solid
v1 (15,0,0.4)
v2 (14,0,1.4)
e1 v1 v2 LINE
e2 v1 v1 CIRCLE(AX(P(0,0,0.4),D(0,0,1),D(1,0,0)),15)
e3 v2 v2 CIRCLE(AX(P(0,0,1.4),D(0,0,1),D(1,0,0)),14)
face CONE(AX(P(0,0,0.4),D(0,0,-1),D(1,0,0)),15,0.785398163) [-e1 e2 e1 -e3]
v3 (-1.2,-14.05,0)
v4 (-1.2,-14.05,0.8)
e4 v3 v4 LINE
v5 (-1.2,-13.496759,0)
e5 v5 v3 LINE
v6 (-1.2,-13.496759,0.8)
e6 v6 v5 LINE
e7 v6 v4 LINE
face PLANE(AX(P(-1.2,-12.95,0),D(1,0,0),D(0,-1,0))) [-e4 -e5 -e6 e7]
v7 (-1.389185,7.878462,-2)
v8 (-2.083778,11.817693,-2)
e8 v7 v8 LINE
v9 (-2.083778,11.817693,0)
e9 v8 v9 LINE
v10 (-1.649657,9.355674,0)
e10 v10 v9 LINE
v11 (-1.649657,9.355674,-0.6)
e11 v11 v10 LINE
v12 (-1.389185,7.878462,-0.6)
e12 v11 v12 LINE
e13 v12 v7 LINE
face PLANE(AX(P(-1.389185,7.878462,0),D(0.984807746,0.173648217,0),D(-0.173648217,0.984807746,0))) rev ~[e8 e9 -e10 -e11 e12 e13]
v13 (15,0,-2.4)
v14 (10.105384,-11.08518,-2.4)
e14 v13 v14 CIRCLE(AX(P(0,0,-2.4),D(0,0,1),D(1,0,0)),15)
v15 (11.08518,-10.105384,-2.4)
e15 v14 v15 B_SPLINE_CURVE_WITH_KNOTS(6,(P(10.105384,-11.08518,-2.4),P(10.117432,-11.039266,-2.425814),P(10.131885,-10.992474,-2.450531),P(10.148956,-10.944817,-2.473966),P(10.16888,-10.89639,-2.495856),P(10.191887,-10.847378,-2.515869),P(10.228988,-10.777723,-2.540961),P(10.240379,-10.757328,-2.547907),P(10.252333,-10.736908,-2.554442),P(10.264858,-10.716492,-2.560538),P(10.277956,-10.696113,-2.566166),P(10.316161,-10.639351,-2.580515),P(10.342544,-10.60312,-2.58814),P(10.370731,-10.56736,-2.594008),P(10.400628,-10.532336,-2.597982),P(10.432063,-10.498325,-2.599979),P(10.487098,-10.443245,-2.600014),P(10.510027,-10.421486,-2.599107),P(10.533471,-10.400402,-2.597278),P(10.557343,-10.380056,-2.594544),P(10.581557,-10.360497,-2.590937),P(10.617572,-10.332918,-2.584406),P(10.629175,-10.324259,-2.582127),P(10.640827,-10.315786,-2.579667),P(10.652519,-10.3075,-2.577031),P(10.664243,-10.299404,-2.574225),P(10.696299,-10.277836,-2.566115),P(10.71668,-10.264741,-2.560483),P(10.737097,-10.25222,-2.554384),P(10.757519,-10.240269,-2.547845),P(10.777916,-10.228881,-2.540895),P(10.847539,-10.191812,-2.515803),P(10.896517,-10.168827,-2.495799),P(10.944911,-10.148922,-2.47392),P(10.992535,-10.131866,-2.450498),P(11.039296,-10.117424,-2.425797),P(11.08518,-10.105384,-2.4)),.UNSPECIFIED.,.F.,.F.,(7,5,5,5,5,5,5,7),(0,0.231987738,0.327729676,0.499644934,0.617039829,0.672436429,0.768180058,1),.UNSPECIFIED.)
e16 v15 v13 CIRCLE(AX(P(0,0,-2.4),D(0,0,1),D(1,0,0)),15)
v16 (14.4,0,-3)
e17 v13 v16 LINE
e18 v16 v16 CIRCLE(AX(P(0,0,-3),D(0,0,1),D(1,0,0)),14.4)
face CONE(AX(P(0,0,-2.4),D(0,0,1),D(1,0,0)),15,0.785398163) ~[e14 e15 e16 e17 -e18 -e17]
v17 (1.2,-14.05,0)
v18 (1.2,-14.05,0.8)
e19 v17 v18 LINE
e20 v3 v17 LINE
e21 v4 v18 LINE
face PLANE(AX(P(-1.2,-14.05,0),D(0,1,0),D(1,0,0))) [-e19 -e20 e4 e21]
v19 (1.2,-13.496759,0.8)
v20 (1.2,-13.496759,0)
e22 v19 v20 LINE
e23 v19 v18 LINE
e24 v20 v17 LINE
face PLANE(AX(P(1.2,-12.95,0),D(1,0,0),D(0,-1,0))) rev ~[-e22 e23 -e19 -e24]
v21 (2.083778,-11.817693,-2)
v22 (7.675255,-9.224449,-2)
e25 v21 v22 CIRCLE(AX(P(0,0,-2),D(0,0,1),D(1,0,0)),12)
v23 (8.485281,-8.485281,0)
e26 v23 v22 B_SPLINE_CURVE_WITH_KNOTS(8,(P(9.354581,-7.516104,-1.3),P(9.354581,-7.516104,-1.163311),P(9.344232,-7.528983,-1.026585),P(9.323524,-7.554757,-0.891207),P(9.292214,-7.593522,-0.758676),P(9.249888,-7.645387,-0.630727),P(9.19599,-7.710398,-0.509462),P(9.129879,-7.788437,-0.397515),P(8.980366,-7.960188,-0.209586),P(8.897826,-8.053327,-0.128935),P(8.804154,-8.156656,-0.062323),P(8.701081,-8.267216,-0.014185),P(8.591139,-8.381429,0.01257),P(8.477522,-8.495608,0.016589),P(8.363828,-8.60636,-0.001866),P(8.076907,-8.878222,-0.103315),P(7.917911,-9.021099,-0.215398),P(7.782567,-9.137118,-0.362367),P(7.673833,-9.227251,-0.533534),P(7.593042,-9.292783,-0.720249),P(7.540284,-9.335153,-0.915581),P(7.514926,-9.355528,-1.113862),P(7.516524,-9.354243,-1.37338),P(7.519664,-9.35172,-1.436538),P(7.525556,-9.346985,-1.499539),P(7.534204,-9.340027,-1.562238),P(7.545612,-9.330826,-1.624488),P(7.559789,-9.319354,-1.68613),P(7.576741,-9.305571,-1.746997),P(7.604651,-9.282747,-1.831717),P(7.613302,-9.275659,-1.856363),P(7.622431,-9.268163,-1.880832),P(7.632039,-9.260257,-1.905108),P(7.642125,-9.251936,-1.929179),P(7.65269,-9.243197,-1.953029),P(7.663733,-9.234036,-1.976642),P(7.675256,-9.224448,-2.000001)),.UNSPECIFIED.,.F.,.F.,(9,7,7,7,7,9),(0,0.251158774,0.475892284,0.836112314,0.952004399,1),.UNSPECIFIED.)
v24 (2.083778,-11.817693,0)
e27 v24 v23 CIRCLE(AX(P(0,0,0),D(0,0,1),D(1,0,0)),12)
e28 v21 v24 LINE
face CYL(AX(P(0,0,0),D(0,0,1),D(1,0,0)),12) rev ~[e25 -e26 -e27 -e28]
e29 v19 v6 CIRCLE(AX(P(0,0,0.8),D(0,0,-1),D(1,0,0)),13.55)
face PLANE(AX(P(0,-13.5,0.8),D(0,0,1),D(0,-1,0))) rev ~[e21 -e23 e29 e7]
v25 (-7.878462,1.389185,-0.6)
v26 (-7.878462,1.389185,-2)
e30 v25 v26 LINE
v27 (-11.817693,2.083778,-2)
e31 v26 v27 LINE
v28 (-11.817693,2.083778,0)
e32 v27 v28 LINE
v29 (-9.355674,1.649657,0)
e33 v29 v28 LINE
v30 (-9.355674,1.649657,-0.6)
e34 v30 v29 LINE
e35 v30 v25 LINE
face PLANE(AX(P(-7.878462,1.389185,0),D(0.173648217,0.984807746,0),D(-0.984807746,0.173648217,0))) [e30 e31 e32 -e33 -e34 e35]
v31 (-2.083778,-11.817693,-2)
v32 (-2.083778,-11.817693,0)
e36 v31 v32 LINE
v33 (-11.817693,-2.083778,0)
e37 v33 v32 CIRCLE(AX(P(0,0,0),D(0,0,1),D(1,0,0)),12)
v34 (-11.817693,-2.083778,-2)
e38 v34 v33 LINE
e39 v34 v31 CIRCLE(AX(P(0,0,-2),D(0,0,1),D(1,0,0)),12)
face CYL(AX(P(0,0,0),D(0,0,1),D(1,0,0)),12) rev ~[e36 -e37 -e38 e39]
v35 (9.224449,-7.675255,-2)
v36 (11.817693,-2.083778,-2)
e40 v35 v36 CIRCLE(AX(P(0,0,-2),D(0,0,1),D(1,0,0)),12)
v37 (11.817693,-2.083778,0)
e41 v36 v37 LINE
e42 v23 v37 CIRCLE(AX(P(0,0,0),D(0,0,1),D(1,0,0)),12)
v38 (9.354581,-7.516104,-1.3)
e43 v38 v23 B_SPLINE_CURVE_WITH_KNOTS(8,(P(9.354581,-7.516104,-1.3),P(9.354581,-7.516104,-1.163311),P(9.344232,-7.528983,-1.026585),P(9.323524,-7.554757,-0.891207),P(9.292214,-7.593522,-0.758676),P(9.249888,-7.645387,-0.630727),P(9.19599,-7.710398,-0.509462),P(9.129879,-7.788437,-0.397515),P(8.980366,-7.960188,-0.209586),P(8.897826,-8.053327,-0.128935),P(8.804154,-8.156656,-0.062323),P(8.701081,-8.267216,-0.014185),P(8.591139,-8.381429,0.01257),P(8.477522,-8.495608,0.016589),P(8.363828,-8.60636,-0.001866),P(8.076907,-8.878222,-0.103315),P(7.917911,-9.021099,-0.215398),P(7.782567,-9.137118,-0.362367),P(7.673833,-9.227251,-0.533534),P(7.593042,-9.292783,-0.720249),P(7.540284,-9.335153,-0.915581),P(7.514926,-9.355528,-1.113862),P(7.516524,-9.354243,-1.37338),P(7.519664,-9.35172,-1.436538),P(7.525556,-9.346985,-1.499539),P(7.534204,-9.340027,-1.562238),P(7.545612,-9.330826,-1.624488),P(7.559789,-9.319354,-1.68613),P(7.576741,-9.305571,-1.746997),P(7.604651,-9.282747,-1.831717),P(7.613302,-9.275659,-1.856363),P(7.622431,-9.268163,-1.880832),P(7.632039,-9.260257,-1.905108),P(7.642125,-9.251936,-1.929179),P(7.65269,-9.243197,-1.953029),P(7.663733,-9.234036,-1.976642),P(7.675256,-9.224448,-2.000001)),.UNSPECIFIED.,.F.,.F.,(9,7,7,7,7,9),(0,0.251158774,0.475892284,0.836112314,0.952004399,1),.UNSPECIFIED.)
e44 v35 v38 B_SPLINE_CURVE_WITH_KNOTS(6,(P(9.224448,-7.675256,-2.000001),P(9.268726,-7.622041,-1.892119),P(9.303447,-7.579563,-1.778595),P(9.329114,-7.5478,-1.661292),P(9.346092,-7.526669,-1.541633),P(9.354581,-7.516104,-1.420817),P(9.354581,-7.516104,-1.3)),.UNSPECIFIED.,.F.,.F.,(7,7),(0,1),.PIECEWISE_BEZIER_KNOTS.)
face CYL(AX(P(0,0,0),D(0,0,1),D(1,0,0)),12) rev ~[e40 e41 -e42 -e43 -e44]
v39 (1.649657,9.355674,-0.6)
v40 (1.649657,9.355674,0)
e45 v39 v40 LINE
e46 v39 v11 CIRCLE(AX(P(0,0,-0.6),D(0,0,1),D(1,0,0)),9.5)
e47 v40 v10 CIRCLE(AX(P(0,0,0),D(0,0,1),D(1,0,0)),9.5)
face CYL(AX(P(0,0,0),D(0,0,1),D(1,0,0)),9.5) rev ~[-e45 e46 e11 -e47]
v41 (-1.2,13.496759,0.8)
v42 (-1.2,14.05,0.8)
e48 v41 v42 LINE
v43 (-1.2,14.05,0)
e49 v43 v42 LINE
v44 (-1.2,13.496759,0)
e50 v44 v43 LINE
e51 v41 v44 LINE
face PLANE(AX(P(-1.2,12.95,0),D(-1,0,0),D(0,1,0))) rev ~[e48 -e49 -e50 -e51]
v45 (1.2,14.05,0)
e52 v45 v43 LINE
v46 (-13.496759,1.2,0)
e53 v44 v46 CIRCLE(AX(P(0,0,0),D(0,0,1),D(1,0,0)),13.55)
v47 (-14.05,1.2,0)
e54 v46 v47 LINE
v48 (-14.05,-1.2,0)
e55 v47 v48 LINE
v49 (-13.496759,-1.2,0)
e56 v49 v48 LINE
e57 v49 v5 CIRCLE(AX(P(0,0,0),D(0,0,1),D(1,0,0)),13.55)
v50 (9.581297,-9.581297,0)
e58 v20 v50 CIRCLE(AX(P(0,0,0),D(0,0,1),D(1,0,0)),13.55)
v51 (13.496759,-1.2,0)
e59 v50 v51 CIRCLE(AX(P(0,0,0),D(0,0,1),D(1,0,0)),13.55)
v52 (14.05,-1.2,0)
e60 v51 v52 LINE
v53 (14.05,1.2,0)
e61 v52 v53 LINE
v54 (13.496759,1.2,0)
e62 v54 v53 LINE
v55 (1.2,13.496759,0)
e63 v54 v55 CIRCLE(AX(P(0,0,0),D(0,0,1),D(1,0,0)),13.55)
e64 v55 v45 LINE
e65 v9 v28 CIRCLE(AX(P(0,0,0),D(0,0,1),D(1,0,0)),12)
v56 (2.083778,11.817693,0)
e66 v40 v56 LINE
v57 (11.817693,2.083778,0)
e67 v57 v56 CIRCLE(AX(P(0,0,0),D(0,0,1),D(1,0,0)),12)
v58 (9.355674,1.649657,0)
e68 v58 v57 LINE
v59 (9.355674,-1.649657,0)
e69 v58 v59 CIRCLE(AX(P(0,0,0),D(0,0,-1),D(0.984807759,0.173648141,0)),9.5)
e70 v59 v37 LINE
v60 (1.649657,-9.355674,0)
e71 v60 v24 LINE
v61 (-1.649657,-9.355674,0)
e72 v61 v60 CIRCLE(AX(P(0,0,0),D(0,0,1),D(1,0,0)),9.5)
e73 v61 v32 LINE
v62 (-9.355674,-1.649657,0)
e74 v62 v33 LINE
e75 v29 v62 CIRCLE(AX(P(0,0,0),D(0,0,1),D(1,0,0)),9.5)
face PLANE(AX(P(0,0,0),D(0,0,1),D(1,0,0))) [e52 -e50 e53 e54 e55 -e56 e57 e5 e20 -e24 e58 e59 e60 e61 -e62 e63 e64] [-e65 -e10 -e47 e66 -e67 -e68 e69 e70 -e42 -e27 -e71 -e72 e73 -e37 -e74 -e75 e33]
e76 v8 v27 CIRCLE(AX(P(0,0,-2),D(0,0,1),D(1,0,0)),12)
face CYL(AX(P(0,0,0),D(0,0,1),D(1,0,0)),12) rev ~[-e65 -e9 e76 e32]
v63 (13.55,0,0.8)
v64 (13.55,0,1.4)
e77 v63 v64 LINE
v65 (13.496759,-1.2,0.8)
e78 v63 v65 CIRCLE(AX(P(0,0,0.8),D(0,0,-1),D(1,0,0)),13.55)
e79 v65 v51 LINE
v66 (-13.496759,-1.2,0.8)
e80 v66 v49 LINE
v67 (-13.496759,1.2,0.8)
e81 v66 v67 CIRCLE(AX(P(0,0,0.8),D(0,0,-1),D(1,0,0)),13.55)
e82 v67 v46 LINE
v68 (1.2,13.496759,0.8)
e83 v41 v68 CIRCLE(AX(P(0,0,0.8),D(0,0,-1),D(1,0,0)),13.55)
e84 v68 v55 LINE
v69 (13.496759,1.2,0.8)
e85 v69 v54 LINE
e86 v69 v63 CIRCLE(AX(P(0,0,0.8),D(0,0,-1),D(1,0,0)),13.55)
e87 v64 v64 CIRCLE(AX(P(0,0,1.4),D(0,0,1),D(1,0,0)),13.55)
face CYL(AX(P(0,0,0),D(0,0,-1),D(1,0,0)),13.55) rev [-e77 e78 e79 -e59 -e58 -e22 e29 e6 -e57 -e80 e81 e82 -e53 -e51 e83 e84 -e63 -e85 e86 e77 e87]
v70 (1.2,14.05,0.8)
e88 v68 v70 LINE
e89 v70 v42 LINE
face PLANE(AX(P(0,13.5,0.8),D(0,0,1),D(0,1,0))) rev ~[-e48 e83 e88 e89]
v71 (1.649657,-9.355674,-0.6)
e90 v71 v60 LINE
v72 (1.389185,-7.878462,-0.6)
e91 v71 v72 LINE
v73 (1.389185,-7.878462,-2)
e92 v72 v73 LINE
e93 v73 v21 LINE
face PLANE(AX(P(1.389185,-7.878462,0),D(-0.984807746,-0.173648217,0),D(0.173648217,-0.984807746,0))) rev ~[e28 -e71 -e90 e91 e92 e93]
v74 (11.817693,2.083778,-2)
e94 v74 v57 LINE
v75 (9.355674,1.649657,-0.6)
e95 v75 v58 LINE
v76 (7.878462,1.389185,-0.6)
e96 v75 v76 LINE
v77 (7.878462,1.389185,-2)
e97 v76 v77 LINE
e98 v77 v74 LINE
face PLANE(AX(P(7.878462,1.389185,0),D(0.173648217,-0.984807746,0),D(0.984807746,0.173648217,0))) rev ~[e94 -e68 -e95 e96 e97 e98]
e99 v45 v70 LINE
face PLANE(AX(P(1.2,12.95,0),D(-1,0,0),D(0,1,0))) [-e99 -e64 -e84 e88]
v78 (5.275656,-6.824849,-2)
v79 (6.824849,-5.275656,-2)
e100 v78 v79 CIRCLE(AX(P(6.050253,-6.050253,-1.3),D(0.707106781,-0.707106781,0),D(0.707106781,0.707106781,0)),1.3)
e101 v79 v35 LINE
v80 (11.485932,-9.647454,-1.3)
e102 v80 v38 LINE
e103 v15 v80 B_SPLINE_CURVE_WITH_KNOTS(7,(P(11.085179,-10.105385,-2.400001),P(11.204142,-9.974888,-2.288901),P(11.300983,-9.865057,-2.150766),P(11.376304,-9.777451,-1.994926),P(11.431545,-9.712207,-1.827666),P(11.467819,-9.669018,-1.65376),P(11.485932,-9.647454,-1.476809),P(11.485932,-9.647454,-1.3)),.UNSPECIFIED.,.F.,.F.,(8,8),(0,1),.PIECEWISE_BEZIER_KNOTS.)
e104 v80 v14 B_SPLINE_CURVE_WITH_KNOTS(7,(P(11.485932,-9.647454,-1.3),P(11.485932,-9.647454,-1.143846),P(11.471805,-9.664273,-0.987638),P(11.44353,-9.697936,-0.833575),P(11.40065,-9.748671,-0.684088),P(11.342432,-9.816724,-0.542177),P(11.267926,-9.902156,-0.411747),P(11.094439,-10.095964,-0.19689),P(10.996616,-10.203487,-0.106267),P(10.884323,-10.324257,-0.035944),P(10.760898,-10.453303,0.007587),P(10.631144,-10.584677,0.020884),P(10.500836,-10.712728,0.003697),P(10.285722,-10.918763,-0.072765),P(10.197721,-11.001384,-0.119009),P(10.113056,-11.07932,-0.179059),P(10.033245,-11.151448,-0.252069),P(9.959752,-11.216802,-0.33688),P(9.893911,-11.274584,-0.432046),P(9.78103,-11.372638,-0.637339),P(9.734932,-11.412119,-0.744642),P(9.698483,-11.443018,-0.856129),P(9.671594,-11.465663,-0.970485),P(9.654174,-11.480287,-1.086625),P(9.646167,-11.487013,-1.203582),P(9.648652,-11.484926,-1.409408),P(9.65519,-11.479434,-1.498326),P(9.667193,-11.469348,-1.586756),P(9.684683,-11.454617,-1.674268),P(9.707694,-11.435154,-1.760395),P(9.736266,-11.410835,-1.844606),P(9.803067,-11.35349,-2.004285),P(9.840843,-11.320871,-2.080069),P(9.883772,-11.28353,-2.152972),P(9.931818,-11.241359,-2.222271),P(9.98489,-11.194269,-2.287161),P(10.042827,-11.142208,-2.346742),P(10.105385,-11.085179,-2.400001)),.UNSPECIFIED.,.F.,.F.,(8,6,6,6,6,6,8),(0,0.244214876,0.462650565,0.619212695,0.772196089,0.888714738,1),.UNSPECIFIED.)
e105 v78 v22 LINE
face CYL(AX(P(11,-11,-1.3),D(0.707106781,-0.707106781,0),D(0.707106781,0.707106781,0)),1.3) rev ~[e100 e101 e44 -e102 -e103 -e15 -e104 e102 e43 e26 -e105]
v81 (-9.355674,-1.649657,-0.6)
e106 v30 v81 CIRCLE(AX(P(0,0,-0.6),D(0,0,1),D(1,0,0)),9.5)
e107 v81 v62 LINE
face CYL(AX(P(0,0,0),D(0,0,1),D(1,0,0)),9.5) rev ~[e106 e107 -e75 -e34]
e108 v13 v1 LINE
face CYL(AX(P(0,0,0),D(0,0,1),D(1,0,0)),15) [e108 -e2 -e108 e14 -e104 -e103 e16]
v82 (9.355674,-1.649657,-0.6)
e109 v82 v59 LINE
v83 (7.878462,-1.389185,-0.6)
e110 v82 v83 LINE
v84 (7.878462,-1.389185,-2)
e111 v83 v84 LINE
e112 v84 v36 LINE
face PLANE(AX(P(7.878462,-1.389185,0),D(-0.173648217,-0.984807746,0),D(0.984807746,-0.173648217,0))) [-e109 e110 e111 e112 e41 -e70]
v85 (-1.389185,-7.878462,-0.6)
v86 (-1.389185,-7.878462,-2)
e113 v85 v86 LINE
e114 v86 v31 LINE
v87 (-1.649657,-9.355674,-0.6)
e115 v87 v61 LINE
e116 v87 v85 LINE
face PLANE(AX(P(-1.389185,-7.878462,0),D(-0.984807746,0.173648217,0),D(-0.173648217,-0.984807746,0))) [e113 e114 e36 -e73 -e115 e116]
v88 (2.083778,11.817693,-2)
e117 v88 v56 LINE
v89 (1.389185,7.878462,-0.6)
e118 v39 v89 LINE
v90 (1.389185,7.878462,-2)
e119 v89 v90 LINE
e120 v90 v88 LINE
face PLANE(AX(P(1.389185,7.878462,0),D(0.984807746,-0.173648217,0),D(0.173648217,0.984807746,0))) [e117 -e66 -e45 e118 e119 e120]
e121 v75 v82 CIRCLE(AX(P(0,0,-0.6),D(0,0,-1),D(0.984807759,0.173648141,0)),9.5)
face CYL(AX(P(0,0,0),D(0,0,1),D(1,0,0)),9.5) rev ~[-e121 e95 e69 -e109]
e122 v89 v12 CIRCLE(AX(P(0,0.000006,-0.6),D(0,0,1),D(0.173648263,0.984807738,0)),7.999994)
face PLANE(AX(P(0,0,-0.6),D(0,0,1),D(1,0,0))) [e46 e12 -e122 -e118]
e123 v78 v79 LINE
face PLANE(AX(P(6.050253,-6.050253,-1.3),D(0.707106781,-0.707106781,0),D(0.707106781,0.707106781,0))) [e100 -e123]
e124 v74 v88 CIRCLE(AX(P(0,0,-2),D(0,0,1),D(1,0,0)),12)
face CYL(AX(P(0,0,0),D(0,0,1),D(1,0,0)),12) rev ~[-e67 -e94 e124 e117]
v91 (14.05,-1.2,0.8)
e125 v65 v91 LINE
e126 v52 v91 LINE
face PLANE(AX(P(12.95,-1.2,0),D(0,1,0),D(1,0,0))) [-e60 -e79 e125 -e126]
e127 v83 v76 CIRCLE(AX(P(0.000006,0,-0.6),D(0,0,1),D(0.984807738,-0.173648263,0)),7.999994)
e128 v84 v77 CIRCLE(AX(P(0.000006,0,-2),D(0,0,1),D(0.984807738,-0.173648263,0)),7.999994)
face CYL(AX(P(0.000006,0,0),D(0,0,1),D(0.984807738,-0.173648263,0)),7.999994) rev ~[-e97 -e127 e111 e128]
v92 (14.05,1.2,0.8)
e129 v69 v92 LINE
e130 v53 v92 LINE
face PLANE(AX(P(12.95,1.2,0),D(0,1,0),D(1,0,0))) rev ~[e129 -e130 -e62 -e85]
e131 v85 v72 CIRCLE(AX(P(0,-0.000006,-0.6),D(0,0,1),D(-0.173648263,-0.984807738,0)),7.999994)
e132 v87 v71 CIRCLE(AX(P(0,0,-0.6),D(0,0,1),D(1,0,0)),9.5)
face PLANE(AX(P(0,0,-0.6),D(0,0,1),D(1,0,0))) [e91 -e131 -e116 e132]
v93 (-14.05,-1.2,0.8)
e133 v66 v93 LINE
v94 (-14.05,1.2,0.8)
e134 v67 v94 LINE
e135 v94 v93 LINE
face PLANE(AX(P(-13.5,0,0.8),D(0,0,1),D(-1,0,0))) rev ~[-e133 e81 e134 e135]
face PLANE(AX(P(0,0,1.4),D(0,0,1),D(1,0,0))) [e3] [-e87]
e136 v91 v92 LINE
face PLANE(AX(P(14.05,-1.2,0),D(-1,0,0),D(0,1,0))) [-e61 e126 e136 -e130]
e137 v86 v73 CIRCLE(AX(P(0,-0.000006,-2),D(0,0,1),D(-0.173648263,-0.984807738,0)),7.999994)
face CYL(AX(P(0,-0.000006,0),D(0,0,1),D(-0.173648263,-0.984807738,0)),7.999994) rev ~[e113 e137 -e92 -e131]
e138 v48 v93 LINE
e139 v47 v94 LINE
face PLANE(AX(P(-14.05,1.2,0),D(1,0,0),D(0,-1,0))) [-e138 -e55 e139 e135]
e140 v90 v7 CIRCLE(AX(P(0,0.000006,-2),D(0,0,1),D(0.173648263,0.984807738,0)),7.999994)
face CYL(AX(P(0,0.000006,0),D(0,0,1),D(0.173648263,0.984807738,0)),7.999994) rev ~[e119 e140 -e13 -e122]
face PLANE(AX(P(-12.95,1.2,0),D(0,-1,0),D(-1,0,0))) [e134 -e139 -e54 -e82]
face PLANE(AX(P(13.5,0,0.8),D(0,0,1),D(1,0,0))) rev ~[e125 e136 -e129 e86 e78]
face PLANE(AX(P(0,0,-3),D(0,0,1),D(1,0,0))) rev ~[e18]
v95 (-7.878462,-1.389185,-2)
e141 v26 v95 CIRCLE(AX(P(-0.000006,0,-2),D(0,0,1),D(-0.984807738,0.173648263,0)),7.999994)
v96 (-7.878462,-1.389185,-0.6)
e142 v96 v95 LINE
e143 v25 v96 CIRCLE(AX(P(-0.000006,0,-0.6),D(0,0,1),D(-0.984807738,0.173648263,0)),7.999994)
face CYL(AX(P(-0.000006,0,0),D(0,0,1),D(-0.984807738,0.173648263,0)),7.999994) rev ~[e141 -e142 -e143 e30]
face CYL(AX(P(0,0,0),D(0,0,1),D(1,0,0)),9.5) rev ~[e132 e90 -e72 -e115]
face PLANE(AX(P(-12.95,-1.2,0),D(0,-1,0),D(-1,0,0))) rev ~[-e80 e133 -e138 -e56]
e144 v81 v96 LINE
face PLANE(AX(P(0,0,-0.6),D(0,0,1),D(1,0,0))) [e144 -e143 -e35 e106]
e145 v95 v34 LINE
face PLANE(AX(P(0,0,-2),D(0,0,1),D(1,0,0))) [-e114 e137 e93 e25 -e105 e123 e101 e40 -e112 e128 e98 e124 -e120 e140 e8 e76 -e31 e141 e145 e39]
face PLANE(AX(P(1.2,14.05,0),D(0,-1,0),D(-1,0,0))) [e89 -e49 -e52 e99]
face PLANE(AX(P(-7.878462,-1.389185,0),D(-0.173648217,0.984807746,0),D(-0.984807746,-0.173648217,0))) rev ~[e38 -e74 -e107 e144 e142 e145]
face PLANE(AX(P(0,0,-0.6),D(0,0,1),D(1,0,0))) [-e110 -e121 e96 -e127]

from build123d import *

# Parameters (mm, degrees)
SKETCH002_R           = 15
SKETCH002_R_2         = 13.55
PAD002_DEPTH          = 3
PAD002_DEPTH_BACK     = 1.4
CHAMFER001_SIZE       = 1
CHAMFER002_SIZE       = 0.6
SKETCH003_R           = 13.55
PAD003_DEPTH          = 1
SKETCH004_W           = 1.1
SKETCH004_H           = 2.4
POCKET_DEPTH          = 0.8
SKETCH005_R           = 13.55
SKETCH005_R_2         = 12
PAD005_DEPTH          = 2
PAD006_DEPTH          = 2
POLARPATTERN001_COUNT = 4
SKETCH007_R           = 9.5
POCKET001_DEPTH       = 0.6
SKETCH008_R           = 1.3
POCKET002_DEPTH       = 7


with BuildPart() as part:
    # Sketch002 → Pad002 (new body, two sides)
    with BuildSketch(Plane.XY) as pad002_sk:
        Circle(SKETCH002_R)
        Circle(SKETCH002_R_2, mode=Mode.SUBTRACT)
    extrude(amount=-PAD002_DEPTH)
    extrude(pad002_sk.sketch, amount=PAD002_DEPTH_BACK)

    # Chamfer001
    chamfer001_edges = [part.edges().sort_by_distance(p)[0] for p in [
        (-15, 0, 1.4),
    ]]
    chamfer(chamfer001_edges, length=CHAMFER001_SIZE)

    # Chamfer002
    chamfer002_edges = [part.edges().sort_by_distance(p)[0] for p in [
        (-15, 0, -3),
    ]]
    chamfer(chamfer002_edges, length=CHAMFER002_SIZE)

    # Sketch003 → Pad003 (join)
    with BuildSketch(Plane.XY.offset(-3)):
        Circle(SKETCH003_R)
    extrude(amount=PAD003_DEPTH)

    # Sketch004 → Pocket (cut)
    with BuildSketch(Plane.XY):
        with Locations((13.5, 0)):
            Rectangle(SKETCH004_W, SKETCH004_H)
    pocket = extrude(amount=POCKET_DEPTH, mode=Mode.SUBTRACT)

    # Sketch005 → Pad005 (join)
    with BuildSketch(Plane.XY):
        Circle(SKETCH005_R)
        Circle(SKETCH005_R_2, mode=Mode.SUBTRACT)
    extrude(amount=-PAD005_DEPTH)

    # Sketch006 → Pad006 (join)
    with BuildSketch(Plane.XY):
        with BuildLine():
            ThreePointArc((12.310097, -2.170602), (12.5, 0), (12.310097, 2.170602))
            Line((7.878462, 1.389185), (12.310097, 2.170602))
            ThreePointArc((7.878462, -1.389185), (8, 0), (7.878462, 1.389185))
            Line((7.878462, -1.389185), (12.310097, -2.170602))
        make_face()
    pad006 = extrude(amount=-PAD006_DEPTH)

    # PolarPattern001: Pocket, Pad006 ×4 about axis
    polarpattern001_axis = Axis((0, 0, 0), (0, 0, 1))
    for i in range(1, POLARPATTERN001_COUNT):
        add(pocket.rotate(polarpattern001_axis, i * 360 / POLARPATTERN001_COUNT), mode=Mode.SUBTRACT)
        add(pad006.rotate(polarpattern001_axis, i * 360 / POLARPATTERN001_COUNT))

    # Sketch007 → Pocket001 (cut)
    with BuildSketch(Plane.XY):
        Circle(SKETCH007_R)
    extrude(amount=-POCKET001_DEPTH, mode=Mode.SUBTRACT)

    # Sketch008 → Pocket002 (cut)
    with BuildSketch(Plane(origin=(11, -11, 0), x_dir=(0.707107, 0.707107, 0), z_dir=(0.707107, -0.707107, 0))):
        with Locations((0, -1.3)):
            Circle(SKETCH008_R)
    extrude(amount=-POCKET002_DEPTH, mode=Mode.SUBTRACT)


solid = part.part
